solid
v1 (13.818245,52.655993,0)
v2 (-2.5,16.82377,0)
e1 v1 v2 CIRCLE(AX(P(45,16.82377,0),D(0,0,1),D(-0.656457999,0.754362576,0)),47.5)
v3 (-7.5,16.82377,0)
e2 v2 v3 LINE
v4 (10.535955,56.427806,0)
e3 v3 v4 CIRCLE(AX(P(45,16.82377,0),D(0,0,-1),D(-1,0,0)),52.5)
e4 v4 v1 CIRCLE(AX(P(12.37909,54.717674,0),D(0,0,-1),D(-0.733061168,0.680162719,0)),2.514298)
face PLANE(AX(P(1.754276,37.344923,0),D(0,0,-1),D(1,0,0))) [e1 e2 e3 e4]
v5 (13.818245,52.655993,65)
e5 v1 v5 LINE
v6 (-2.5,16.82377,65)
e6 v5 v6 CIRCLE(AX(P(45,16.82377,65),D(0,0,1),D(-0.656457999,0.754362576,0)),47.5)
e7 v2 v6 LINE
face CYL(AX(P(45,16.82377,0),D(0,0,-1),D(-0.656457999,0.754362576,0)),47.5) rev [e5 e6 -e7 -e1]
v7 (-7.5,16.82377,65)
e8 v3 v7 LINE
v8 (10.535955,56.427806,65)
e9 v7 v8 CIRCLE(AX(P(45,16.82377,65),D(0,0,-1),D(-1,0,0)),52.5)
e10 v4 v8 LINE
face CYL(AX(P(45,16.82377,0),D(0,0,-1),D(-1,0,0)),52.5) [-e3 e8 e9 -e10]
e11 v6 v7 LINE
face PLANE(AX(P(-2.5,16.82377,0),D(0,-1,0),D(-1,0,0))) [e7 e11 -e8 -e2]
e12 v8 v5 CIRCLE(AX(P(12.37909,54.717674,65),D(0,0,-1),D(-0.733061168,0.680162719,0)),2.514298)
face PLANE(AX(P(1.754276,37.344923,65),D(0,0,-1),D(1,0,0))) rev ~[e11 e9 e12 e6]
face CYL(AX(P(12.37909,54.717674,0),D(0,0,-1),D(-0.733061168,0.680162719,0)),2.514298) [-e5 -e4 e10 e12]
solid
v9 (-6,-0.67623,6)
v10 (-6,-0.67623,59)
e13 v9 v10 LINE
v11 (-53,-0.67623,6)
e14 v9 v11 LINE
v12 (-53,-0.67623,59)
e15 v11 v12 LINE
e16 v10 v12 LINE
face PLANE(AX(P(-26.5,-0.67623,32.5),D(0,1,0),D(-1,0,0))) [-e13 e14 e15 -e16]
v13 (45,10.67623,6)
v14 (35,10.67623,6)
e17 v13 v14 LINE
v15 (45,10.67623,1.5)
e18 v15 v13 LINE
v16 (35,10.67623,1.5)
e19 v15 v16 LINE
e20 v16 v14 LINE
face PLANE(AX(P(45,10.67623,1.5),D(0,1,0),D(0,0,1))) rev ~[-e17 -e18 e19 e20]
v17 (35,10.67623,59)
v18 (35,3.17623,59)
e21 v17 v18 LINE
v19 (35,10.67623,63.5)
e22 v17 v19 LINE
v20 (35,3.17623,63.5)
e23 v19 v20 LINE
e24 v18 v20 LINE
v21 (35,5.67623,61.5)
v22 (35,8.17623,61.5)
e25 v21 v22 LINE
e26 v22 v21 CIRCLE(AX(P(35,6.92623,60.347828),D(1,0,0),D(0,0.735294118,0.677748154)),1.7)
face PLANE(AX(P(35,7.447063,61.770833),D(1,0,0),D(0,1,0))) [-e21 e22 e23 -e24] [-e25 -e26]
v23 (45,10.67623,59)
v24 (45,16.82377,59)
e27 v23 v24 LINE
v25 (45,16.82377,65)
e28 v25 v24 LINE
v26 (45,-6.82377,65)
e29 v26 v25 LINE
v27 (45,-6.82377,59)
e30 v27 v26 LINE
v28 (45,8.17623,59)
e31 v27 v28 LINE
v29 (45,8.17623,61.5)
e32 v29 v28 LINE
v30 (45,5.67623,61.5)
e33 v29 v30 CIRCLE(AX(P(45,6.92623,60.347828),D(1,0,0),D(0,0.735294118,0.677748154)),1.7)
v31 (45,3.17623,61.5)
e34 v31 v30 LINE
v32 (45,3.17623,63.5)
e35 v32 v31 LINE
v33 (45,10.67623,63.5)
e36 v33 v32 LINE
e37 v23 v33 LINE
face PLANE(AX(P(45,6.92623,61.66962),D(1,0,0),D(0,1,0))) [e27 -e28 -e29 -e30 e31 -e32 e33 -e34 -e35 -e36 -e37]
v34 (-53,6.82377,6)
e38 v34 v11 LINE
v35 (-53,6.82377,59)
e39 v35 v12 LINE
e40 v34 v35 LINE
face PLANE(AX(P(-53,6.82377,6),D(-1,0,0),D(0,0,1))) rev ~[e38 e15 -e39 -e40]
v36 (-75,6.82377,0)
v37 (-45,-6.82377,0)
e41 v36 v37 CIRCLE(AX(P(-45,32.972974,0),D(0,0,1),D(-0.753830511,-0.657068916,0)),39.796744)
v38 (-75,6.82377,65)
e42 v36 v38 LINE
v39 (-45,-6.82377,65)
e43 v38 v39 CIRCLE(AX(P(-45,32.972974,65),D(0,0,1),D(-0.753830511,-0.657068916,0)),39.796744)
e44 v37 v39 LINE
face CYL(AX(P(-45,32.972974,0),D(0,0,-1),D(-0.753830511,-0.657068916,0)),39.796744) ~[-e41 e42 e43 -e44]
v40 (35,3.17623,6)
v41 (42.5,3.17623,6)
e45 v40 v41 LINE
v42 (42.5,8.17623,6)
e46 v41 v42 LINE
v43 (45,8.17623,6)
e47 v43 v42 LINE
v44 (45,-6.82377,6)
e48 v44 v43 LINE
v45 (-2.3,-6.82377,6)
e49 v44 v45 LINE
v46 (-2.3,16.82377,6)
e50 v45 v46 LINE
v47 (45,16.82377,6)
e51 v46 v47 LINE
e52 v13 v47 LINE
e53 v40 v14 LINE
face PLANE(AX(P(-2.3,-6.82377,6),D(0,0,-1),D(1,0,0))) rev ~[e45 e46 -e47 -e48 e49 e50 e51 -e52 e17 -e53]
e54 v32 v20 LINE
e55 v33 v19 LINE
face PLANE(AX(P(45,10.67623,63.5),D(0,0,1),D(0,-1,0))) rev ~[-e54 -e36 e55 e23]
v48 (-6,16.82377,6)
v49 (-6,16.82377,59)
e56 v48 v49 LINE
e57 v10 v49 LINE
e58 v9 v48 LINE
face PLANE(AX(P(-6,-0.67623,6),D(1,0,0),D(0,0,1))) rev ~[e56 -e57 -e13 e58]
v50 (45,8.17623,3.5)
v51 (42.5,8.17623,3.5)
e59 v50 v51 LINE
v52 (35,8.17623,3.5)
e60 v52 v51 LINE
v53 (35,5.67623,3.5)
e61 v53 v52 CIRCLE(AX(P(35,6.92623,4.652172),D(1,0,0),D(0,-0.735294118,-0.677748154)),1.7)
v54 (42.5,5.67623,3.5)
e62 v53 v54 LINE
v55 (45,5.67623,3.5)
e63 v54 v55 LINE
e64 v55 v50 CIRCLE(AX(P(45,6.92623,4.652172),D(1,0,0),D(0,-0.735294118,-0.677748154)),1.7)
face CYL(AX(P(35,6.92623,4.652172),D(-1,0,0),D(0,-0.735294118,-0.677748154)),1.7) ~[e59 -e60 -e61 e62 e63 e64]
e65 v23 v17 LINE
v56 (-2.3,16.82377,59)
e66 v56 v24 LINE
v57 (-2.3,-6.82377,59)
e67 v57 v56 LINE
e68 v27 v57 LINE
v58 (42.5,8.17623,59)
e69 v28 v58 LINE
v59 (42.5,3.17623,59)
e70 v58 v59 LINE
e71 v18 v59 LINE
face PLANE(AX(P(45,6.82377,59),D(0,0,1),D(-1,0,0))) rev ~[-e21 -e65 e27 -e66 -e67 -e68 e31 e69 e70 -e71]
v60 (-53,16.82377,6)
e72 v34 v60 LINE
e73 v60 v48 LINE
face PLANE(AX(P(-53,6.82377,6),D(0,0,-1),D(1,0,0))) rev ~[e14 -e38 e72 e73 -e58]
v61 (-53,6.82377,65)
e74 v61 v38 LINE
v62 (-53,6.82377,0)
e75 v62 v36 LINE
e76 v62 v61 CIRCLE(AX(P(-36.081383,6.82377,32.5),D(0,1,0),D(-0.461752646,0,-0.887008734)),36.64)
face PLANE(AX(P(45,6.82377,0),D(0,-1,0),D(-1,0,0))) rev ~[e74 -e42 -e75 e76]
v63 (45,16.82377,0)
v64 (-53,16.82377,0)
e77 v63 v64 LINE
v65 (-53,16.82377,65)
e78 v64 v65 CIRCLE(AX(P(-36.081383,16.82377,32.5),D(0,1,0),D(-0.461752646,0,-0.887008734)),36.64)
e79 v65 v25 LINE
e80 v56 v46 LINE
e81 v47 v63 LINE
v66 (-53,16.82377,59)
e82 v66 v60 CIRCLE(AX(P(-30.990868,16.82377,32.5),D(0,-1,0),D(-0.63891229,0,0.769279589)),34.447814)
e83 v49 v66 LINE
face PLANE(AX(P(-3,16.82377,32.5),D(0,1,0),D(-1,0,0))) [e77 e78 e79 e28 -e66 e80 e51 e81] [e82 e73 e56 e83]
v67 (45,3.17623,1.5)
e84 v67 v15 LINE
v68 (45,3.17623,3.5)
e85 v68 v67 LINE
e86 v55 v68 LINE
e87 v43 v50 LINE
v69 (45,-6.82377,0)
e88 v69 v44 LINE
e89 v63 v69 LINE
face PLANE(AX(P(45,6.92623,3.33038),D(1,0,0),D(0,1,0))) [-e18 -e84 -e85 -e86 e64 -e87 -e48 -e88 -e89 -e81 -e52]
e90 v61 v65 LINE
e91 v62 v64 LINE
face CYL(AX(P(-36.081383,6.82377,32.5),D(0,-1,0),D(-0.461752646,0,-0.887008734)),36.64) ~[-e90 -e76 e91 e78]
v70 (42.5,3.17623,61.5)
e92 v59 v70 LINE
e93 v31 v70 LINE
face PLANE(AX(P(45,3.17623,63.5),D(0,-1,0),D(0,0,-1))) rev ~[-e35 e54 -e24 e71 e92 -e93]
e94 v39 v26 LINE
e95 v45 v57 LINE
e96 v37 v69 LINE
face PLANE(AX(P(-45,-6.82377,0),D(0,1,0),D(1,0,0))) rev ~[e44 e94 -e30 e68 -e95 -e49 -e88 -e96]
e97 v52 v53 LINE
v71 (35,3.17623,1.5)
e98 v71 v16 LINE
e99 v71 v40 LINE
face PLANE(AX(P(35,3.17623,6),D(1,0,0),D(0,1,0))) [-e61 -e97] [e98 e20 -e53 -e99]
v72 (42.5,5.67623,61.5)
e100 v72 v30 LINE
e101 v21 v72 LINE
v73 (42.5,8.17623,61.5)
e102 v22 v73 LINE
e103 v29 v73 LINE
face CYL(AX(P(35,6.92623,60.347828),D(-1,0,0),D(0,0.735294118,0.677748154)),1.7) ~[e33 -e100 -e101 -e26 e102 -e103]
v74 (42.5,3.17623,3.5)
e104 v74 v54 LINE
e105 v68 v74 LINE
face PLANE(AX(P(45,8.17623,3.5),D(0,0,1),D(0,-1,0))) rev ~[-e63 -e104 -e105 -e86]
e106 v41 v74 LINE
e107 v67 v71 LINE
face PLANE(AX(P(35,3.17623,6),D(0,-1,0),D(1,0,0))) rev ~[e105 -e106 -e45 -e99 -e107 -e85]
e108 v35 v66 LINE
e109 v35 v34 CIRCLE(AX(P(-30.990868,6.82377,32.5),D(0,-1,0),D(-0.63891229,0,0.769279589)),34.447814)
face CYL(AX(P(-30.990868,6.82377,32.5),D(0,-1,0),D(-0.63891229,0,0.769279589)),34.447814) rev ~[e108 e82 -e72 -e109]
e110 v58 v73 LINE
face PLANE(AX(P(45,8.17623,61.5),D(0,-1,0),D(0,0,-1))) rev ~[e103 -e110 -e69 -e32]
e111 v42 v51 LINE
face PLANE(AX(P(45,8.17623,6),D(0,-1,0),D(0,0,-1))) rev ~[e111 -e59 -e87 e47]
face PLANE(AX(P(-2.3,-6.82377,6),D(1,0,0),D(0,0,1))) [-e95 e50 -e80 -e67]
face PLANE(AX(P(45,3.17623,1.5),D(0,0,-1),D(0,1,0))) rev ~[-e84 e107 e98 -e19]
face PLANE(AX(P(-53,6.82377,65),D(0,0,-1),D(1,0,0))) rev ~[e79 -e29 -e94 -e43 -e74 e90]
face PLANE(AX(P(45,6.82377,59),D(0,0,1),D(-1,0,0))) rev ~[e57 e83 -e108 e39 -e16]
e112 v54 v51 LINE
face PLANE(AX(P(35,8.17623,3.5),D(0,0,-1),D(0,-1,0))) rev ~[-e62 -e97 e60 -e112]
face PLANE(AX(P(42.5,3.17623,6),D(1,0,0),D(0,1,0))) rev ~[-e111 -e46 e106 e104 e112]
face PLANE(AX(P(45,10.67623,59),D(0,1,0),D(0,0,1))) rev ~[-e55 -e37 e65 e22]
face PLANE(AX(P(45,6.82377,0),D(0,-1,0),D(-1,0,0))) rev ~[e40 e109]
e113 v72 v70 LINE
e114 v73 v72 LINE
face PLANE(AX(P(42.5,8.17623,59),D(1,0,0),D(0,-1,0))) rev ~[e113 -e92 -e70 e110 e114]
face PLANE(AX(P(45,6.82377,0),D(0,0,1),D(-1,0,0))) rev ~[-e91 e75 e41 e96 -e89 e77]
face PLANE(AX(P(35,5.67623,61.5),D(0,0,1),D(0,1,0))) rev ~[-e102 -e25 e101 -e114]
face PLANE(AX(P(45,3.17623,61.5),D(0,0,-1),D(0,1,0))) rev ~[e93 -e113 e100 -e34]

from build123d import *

# Parameters (mm, degrees)
F1_DEPTH  = 65
F2_W      = 45
F2_H      = 53
F3_DEPTH  = 13.648540618
F4_W      = 53
F4_H      = 53
F5_DEPTH  = 7.5
F7_DEPTH  = 10
F9_DEPTH  = 10
F10_W     = 7.5
F10_H     = 5
F11_DEPTH = 3
F13_DEPTH = 10
F14_W     = 7.5
F14_H     = 5
F15_DEPTH = 3
F17_DEPTH = 10
F19_DEPTH = 10
F20_W     = 6
F20_H     = 53
F21_DEPTH = 17.5
F23_DEPTH = 65
F24_W     = 2.3
F24_H     = 53
F25_DEPTH = 25


with BuildPart() as f1:
    # F0 (on Top) → F1 (new body)
    with BuildSketch(Plane.XY):
        with BuildLine():
            Line((45, -6.823770309), (45, 6.823770309))
            Line((45, 6.823770309), (-45, 6.823770309))
            Line((-45, 6.823770309), (-75, 6.823770309))
            ThreePointArc((-75, 6.823770309), (-61.4791941924, -3.2515620956), (-45, -6.823770309))
            Line((-45, -6.823770309), (45, -6.823770309))
        make_face()
    extrude(amount=F1_DEPTH)

    # F2 (on face) → F3 (cut, through all)
    with BuildSketch(Plane(origin=(0, 6.823770309, 0), x_dir=(-1, 0, 0), z_dir=(0, 1, 0))):
        with Locations((-22.5, 32.5)):
            Rectangle(F2_W, F2_H)
    extrude(amount=-F3_DEPTH, mode=Mode.SUBTRACT)

    # F4 (on face) → F5 (cut)
    with BuildSketch(Plane(origin=(0, 6.823770309, 0), x_dir=(-1, 0, 0), z_dir=(0, 1, 0))):
        with Locations((26.5, 32.5)):
            Rectangle(F4_W, F4_H)
    extrude(amount=-F5_DEPTH, mode=Mode.SUBTRACT)

    # F6 (on face) → F7 (join)
    with BuildSketch(Plane(origin=(0, 6.823770309, 0), x_dir=(-1, 0, 0), z_dir=(0, 1, 0))):
        with BuildLine():
            Line((53, 65), (-45, 65))
            Line((-45, 65), (-45, 59))
            Line((-45, 59), (53, 59))
            ThreePointArc((53, 59), (65.4386821775, 32.5), (53, 6))
            Line((53, 6), (-45, 6))
            Line((-45, 6), (-45, 0))
            Line((-45, 0), (53, 0))
            ThreePointArc((53, 0), (72.7213830352, 32.5), (53, 65))
        make_face()
    extrude(amount=F7_DEPTH)

    # F8 (on face) → F9 (cut)
    with BuildSketch(Plane.YZ.offset(45)):
        Polygon((8.176229691, 59), (10.676229691, 59), (10.676229691, 63.5), (3.176229691, 63.5), (3.176229691, 61.5), (8.176229691, 61.5), align=None)
    extrude(amount=-F9_DEPTH, mode=Mode.SUBTRACT)

    # F10 (on face) → F11 (cut)
    with BuildSketch(Plane(origin=(0, 0, 59), x_dir=(1, 0, 0), z_dir=(0, 0, -1))):
        with Locations((38.75, -5.676229691)):
            Rectangle(F10_W, F10_H)
    extrude(amount=-F11_DEPTH, mode=Mode.SUBTRACT)

    # F12 (on face) → F13 (cut)
    with BuildSketch(Plane.YZ.offset(45)):
        Polygon((10.676229691, 1.5), (10.676229691, 6), (8.176229691, 6), (8.176229691, 3.5), (3.176229691, 3.5), (3.176229691, 1.5), align=None)
    extrude(amount=-F13_DEPTH, mode=Mode.SUBTRACT)

    # F14 (on face) → F15 (cut)
    with BuildSketch(Plane.XY.offset(6)):
        with Locations((38.75, 5.676229691)):
            Rectangle(F14_W, F14_H)
    extrude(amount=-F15_DEPTH, mode=Mode.SUBTRACT)

    # F16 (on face) → F17 (join)
    with BuildSketch(Plane.YZ.offset(35)):
        with BuildLine():
            Line((8.176229691, 3.5), (5.676229691, 3.5))
            ThreePointArc((5.676229691, 3.5), (6.926229691, 2.9521718622), (8.176229691, 3.5))
        make_face()
    extrude(amount=F17_DEPTH)

    # F18 (on face) → F19 (join)
    with BuildSketch(Plane.YZ.offset(35)):
        with BuildLine():
            Line((5.676229691, 61.5), (8.176229691, 61.5))
            ThreePointArc((8.176229691, 61.5), (6.926229691, 62.0478281378), (5.676229691, 61.5))
        make_face()
    extrude(amount=F19_DEPTH)

    # F20 (on face) → F21 (join)
    with BuildSketch(Plane(origin=(0, -0.676229691, 0), x_dir=(-1, 0, 0), z_dir=(0, 1, 0))):
        with Locations((3, 32.5)):
            Rectangle(F20_W, F20_H)
    extrude(amount=F21_DEPTH)

    # F24 (on face) → F25 (cut)
    with BuildSketch(Plane.XZ.offset(6.823770309)):
        with Locations((-1.15, 32.5)):
            Rectangle(F24_W, F24_H)
    extrude(amount=-F25_DEPTH, mode=Mode.SUBTRACT)


with BuildPart() as f23:
    # F22 (on face) → F23 (new body)
    with BuildSketch(Plane(origin=(0, 0, 0), x_dir=(1, 0, 0), z_dir=(0, 0, -1))):
        with BuildLine():
            ThreePointArc((13.8182450683, -52.6559926707), (1.7716333916, -36.5102712772), (-2.5, -16.823770309))
            Line((-2.5, -16.823770309), (-7.5, -16.823770309))
            ThreePointArc((-7.5, -16.823770309), (-2.7787209882, -38.582534537), (10.5359550755, -56.4278055509))
            ThreePointArc((10.5359550755, -56.4278055509), (14.2757822044, -56.3682048106), (13.8182450683, -52.6559926707))
        make_face()
    extrude(amount=-F23_DEPTH)


solid = Compound([f1.part, f23.part])
